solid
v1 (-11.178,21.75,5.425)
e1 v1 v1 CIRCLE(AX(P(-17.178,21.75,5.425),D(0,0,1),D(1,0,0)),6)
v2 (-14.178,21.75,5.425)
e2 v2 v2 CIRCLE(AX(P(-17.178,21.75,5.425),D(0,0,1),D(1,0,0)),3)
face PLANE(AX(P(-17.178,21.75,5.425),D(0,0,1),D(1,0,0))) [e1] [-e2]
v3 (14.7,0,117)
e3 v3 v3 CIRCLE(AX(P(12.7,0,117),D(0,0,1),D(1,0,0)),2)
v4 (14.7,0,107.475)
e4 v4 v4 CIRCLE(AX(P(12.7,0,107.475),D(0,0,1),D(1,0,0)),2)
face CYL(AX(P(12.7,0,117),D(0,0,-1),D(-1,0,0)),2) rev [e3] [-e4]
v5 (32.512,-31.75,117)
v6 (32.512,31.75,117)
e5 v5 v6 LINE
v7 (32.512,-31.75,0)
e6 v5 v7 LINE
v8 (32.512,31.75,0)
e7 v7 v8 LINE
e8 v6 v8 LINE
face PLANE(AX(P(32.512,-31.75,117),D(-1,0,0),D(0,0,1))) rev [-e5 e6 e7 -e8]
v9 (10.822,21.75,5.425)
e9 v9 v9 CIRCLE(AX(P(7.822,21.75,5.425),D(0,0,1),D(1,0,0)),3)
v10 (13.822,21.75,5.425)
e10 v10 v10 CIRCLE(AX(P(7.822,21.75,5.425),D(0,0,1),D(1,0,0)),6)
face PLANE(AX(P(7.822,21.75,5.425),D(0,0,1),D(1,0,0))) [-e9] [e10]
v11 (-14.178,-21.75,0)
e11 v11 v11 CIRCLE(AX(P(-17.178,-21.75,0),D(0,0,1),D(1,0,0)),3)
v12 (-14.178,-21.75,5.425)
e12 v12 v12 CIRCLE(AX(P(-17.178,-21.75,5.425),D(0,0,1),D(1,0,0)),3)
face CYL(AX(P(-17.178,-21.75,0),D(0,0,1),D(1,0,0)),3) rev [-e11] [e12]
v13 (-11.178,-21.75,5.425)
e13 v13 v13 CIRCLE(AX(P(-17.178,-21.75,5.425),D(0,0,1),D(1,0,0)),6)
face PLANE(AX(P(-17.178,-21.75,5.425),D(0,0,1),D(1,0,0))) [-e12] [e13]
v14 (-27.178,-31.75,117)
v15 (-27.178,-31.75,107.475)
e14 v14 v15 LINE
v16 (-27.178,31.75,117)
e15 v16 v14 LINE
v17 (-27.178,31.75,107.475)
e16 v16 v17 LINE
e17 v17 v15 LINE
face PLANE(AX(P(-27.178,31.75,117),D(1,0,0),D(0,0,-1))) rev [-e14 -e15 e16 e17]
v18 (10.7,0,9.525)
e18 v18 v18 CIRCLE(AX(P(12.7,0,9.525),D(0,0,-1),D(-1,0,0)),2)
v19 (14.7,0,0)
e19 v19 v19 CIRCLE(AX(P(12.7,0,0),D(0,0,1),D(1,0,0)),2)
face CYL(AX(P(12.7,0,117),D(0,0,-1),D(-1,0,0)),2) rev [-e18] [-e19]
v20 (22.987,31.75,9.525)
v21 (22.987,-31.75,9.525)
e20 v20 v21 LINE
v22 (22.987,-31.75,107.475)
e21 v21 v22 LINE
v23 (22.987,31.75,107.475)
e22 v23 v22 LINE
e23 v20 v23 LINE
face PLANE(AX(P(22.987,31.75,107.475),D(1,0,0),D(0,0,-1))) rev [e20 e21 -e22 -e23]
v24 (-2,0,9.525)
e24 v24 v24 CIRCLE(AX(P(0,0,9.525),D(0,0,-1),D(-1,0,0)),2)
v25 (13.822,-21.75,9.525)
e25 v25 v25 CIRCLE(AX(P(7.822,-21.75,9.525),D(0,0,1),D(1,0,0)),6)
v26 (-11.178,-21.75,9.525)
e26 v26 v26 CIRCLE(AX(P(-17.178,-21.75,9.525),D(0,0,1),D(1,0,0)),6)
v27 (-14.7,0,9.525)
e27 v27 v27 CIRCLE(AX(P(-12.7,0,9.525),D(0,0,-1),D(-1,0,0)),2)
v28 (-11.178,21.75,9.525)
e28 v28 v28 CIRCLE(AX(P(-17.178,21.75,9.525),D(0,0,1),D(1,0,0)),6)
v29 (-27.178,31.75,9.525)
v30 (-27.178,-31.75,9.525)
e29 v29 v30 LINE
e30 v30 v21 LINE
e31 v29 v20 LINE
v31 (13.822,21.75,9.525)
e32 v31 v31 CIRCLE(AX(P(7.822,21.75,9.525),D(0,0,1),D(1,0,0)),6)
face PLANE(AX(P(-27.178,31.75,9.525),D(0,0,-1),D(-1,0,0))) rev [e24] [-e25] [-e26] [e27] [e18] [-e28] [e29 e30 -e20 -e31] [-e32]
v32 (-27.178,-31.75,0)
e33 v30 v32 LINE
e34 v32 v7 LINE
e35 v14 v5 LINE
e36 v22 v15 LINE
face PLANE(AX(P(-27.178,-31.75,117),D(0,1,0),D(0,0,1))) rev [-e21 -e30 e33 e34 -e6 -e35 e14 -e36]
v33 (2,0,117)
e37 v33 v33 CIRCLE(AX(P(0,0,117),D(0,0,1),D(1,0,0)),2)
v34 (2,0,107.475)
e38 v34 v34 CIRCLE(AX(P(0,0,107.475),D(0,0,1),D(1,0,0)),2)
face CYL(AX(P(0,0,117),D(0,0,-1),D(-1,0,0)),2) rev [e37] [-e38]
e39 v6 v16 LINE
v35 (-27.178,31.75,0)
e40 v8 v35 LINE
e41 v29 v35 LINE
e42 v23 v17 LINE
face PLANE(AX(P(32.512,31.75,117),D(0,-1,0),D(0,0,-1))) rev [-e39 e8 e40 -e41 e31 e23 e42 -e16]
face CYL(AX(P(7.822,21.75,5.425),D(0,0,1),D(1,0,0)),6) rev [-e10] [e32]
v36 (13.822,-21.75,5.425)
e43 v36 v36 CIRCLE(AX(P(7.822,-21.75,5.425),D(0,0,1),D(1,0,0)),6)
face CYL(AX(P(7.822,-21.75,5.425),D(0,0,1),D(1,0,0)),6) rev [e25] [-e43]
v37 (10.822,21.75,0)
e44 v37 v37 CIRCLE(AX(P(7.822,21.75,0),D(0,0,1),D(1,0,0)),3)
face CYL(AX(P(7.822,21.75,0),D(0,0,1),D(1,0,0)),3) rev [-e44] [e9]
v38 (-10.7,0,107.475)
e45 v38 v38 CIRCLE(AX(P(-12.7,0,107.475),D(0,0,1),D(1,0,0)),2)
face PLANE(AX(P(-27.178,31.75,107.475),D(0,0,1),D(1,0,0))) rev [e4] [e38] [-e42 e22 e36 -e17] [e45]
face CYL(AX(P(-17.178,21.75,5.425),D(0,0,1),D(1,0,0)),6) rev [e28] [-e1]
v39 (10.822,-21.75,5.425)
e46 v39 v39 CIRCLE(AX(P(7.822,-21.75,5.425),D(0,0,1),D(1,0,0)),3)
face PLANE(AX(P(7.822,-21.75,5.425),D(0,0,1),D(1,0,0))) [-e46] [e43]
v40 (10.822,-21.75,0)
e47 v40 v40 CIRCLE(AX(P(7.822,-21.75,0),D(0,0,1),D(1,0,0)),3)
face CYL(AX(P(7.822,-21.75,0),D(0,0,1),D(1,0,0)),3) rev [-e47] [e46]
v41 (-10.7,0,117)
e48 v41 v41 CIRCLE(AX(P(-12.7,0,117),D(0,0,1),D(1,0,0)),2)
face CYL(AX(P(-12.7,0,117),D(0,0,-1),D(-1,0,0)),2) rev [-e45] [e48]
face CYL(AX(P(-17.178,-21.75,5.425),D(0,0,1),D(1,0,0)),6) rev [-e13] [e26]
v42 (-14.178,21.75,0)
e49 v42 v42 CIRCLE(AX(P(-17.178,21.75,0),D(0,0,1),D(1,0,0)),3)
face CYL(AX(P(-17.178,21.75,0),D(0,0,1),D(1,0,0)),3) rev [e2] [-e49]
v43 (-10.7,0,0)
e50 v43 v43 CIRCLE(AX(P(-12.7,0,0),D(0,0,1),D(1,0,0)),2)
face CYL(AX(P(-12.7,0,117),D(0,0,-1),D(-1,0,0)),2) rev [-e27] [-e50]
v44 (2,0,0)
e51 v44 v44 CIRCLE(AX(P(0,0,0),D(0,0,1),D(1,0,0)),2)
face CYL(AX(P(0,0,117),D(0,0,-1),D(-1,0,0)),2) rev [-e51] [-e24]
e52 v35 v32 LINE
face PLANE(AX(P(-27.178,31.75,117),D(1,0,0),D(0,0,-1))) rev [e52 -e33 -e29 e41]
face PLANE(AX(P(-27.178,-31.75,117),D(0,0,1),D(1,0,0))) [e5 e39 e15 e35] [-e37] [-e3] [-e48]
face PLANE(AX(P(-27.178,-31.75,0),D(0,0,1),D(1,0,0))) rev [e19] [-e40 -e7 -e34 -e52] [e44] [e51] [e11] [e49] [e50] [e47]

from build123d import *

# Parameters (mm, degrees)
SKETCH1_W           = 59.69
SKETCH1_H           = 63.5
SKETCH1_R           = 2
BOSS_EXTRUDE1_DEPTH = 117
SKETCH2_W           = 50.165
SKETCH2_H           = 97.95
CUT_EXTRUDE1_DEPTH  = 138.033864953
SKETCH3_R           = 6
SKETCH3_R_2         = 3
CUT_EXTRUDE2_DEPTH  = 4.1
SKETCH5_R           = 3
CUT_EXTRUDE3_DEPTH  = 117.687481201


with BuildPart() as part:
    # Sketch1 → Boss-Extrude1 (new body)
    with BuildSketch(Plane.XY):
        with Locations((2.667, 0)):
            Rectangle(SKETCH1_W, SKETCH1_H)
        with Locations((-12.7, 0)):
            Circle(SKETCH1_R, mode=Mode.SUBTRACT)
        Circle(SKETCH1_R, mode=Mode.SUBTRACT)
        with Locations((12.7, 0)):
            Circle(SKETCH1_R, mode=Mode.SUBTRACT)
    extrude(amount=BOSS_EXTRUDE1_DEPTH)

    # Sketch2 → Cut-Extrude1 (cut, through all)
    with BuildSketch(Plane.XZ.offset(31.75)):
        with Locations((-2.0955, 58.5)):
            Rectangle(SKETCH2_W, SKETCH2_H)
    extrude(amount=-CUT_EXTRUDE1_DEPTH, mode=Mode.SUBTRACT)

    # Sketch3 → Cut-Extrude2 (cut)
    # profile 1 of 4: a face of its own
    with BuildSketch(Plane.XY.offset(9.525)):
        with Locations((-17.178, -21.75)):
            Circle(SKETCH3_R)
        with Locations((-17.178, -21.75)):
            Circle(SKETCH3_R_2, mode=Mode.SUBTRACT)
    # profile 2 of 4: a face of its own
    with BuildSketch(Plane.XY.offset(9.525)):
        with Locations((7.822, -21.75)):
            Circle(SKETCH3_R)
        with Locations((7.822, -21.75)):
            Circle(SKETCH3_R_2, mode=Mode.SUBTRACT)
    # profile 3 of 4: a face of its own
    with BuildSketch(Plane.XY.offset(9.525)):
        with Locations((-17.178, 21.75)):
            Circle(SKETCH3_R)
        with Locations((-17.178, 21.75)):
            Circle(SKETCH3_R_2, mode=Mode.SUBTRACT)
    # profile 4 of 4: a face of its own
    with BuildSketch(Plane.XY.offset(9.525)):
        with Locations((7.822, 21.75)):
            Circle(SKETCH3_R)
        with Locations((7.822, 21.75)):
            Circle(SKETCH3_R_2, mode=Mode.SUBTRACT)
    extrude(amount=-CUT_EXTRUDE2_DEPTH, mode=Mode.SUBTRACT)

    # Sketch5 → Cut-Extrude3 (cut, through all)
    with BuildSketch(Plane.XY.offset(9.525)):
        with Locations((-17.178, 21.75)):
            Circle(SKETCH5_R)
        with Locations((7.822, 21.75)):
            Circle(SKETCH5_R)
        with Locations((7.822, -21.75)):
            Circle(SKETCH5_R)
        with Locations((-17.178, -21.75)):
            Circle(SKETCH5_R)
    extrude(amount=-CUT_EXTRUDE3_DEPTH, mode=Mode.SUBTRACT)


solid = part.part
